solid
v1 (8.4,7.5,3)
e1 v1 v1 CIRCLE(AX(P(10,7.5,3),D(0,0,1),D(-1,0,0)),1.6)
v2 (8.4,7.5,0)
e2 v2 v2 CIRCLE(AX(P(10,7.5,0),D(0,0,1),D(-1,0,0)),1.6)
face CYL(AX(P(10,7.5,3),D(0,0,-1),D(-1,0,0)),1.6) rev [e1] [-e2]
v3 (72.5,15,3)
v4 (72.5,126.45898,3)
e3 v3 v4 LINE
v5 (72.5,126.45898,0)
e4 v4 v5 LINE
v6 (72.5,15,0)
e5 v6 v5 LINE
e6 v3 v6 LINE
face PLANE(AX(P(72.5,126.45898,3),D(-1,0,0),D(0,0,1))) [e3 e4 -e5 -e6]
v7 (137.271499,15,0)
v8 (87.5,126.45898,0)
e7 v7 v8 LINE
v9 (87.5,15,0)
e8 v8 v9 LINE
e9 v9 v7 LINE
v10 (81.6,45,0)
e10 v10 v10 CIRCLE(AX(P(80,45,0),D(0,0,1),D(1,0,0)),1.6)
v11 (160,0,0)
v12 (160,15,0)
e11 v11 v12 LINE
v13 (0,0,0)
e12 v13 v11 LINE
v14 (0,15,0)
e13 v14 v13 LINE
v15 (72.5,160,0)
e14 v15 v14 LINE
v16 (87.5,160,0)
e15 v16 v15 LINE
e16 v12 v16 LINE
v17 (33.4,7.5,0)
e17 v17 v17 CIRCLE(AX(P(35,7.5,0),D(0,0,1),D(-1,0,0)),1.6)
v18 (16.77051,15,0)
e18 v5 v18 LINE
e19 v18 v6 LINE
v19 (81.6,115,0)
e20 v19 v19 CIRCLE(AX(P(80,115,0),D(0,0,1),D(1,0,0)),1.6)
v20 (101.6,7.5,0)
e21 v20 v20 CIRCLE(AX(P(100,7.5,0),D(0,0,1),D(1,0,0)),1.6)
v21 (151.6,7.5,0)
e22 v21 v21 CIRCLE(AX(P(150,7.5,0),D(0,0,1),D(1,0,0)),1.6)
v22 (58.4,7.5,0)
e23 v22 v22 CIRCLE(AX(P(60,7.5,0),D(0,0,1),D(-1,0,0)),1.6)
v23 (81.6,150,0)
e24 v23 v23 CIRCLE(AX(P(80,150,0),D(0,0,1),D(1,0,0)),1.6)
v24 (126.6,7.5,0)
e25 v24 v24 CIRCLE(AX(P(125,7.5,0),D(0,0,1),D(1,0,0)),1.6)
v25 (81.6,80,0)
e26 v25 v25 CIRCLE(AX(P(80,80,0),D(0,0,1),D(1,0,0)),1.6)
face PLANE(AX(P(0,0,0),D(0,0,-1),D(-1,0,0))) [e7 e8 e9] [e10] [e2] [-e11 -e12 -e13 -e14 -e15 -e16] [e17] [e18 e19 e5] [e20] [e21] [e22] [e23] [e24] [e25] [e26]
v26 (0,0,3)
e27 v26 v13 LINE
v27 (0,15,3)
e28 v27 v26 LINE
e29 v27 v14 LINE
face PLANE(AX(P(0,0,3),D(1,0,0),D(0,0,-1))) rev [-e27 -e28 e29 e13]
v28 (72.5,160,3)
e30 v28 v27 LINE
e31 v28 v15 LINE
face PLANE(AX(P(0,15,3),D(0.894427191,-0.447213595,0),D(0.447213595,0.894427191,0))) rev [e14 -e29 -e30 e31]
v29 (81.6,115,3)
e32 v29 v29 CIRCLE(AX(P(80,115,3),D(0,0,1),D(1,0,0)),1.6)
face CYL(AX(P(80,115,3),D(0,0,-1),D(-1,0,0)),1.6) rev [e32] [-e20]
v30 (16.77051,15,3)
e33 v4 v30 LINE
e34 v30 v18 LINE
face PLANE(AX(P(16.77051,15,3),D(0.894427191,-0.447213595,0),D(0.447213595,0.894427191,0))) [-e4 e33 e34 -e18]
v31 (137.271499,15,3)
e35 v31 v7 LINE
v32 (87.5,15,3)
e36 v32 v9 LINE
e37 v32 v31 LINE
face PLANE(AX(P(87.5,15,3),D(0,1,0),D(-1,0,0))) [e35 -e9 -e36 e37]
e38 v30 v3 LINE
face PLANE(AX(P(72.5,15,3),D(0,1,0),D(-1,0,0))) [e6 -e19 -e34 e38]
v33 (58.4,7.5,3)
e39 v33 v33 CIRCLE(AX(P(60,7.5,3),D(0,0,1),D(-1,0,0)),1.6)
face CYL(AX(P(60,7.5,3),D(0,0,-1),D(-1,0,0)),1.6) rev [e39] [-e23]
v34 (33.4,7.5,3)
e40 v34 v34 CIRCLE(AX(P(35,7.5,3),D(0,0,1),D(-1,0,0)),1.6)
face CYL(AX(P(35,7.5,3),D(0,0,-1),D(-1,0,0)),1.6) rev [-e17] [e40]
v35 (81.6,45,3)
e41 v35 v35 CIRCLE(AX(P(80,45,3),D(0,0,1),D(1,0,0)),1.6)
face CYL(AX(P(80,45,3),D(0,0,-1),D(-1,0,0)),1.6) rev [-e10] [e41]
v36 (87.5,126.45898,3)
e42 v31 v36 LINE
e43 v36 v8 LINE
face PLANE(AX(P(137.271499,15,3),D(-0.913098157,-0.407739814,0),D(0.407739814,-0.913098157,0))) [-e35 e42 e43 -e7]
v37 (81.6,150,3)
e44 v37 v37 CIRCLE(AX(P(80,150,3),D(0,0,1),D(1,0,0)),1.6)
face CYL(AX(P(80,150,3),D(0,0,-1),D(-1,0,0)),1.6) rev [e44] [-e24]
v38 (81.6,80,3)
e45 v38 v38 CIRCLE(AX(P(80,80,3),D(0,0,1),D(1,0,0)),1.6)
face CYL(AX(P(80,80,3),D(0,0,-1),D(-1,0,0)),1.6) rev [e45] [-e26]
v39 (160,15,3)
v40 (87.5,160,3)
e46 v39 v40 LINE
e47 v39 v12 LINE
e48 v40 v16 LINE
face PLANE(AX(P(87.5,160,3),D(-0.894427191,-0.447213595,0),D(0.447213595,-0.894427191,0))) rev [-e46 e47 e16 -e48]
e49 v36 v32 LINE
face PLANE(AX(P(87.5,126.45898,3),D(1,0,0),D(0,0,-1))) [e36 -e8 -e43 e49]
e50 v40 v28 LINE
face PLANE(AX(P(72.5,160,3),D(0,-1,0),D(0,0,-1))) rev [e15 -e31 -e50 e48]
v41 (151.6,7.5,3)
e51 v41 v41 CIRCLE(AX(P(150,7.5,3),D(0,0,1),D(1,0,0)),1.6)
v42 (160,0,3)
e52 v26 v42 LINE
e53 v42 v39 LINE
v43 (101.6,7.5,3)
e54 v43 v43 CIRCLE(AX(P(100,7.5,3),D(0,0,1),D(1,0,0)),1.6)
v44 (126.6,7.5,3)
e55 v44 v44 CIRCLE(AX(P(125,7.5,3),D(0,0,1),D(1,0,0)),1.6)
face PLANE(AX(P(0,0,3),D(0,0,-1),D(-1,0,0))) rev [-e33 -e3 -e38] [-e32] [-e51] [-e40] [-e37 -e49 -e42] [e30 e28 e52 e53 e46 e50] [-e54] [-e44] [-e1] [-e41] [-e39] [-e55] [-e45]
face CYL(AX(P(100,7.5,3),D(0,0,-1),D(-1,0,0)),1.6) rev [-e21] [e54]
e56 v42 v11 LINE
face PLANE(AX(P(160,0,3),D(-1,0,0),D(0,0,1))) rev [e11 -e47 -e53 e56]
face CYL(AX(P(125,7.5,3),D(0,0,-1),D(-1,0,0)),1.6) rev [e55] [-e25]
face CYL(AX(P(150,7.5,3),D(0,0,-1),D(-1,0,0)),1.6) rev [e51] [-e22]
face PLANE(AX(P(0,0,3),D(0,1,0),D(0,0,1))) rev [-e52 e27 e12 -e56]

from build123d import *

# Parameters (mm, degrees)
SKETCH1_R           = 1.6
BOSS_EXTRUDE1_DEPTH = 3


with BuildPart() as part:
    # Sketch1 → Boss-Extrude1 (new body)
    with BuildSketch(Plane.XY):
        Polygon((0, 15), (72.5, 160), (87.5, 160), (160, 15), (160, 0), (0, 0), align=None)
        with Locations((150, 7.5)):
            Circle(SKETCH1_R, mode=Mode.SUBTRACT)
        with Locations((125, 7.5)):
            Circle(SKETCH1_R, mode=Mode.SUBTRACT)
        with Locations((100, 7.5)):
            Circle(SKETCH1_R, mode=Mode.SUBTRACT)
        with Locations(Location((10, 7.5, 0), (0, 0, 180))):
            Circle(SKETCH1_R, mode=Mode.SUBTRACT)
        with Locations(Location((35, 7.5, 0), (0, 0, 180))):
            Circle(SKETCH1_R, mode=Mode.SUBTRACT)
        with Locations(Location((60, 7.5, 0), (0, 0, 180))):
            Circle(SKETCH1_R, mode=Mode.SUBTRACT)
        with Locations((80, 150)):
            Circle(SKETCH1_R, mode=Mode.SUBTRACT)
        with Locations((80, 115)):
            Circle(SKETCH1_R, mode=Mode.SUBTRACT)
        with Locations((80, 80)):
            Circle(SKETCH1_R, mode=Mode.SUBTRACT)
        with Locations((80, 45)):
            Circle(SKETCH1_R, mode=Mode.SUBTRACT)
        Polygon((72.5, 126.458980338), (72.5, 15), (16.770509831, 15), align=None, mode=Mode.SUBTRACT)
        Polygon((87.5, 15), (137.271498835, 15), (87.5, 126.458980338), align=None, mode=Mode.SUBTRACT)
    extrude(amount=BOSS_EXTRUDE1_DEPTH)


solid = part.part
